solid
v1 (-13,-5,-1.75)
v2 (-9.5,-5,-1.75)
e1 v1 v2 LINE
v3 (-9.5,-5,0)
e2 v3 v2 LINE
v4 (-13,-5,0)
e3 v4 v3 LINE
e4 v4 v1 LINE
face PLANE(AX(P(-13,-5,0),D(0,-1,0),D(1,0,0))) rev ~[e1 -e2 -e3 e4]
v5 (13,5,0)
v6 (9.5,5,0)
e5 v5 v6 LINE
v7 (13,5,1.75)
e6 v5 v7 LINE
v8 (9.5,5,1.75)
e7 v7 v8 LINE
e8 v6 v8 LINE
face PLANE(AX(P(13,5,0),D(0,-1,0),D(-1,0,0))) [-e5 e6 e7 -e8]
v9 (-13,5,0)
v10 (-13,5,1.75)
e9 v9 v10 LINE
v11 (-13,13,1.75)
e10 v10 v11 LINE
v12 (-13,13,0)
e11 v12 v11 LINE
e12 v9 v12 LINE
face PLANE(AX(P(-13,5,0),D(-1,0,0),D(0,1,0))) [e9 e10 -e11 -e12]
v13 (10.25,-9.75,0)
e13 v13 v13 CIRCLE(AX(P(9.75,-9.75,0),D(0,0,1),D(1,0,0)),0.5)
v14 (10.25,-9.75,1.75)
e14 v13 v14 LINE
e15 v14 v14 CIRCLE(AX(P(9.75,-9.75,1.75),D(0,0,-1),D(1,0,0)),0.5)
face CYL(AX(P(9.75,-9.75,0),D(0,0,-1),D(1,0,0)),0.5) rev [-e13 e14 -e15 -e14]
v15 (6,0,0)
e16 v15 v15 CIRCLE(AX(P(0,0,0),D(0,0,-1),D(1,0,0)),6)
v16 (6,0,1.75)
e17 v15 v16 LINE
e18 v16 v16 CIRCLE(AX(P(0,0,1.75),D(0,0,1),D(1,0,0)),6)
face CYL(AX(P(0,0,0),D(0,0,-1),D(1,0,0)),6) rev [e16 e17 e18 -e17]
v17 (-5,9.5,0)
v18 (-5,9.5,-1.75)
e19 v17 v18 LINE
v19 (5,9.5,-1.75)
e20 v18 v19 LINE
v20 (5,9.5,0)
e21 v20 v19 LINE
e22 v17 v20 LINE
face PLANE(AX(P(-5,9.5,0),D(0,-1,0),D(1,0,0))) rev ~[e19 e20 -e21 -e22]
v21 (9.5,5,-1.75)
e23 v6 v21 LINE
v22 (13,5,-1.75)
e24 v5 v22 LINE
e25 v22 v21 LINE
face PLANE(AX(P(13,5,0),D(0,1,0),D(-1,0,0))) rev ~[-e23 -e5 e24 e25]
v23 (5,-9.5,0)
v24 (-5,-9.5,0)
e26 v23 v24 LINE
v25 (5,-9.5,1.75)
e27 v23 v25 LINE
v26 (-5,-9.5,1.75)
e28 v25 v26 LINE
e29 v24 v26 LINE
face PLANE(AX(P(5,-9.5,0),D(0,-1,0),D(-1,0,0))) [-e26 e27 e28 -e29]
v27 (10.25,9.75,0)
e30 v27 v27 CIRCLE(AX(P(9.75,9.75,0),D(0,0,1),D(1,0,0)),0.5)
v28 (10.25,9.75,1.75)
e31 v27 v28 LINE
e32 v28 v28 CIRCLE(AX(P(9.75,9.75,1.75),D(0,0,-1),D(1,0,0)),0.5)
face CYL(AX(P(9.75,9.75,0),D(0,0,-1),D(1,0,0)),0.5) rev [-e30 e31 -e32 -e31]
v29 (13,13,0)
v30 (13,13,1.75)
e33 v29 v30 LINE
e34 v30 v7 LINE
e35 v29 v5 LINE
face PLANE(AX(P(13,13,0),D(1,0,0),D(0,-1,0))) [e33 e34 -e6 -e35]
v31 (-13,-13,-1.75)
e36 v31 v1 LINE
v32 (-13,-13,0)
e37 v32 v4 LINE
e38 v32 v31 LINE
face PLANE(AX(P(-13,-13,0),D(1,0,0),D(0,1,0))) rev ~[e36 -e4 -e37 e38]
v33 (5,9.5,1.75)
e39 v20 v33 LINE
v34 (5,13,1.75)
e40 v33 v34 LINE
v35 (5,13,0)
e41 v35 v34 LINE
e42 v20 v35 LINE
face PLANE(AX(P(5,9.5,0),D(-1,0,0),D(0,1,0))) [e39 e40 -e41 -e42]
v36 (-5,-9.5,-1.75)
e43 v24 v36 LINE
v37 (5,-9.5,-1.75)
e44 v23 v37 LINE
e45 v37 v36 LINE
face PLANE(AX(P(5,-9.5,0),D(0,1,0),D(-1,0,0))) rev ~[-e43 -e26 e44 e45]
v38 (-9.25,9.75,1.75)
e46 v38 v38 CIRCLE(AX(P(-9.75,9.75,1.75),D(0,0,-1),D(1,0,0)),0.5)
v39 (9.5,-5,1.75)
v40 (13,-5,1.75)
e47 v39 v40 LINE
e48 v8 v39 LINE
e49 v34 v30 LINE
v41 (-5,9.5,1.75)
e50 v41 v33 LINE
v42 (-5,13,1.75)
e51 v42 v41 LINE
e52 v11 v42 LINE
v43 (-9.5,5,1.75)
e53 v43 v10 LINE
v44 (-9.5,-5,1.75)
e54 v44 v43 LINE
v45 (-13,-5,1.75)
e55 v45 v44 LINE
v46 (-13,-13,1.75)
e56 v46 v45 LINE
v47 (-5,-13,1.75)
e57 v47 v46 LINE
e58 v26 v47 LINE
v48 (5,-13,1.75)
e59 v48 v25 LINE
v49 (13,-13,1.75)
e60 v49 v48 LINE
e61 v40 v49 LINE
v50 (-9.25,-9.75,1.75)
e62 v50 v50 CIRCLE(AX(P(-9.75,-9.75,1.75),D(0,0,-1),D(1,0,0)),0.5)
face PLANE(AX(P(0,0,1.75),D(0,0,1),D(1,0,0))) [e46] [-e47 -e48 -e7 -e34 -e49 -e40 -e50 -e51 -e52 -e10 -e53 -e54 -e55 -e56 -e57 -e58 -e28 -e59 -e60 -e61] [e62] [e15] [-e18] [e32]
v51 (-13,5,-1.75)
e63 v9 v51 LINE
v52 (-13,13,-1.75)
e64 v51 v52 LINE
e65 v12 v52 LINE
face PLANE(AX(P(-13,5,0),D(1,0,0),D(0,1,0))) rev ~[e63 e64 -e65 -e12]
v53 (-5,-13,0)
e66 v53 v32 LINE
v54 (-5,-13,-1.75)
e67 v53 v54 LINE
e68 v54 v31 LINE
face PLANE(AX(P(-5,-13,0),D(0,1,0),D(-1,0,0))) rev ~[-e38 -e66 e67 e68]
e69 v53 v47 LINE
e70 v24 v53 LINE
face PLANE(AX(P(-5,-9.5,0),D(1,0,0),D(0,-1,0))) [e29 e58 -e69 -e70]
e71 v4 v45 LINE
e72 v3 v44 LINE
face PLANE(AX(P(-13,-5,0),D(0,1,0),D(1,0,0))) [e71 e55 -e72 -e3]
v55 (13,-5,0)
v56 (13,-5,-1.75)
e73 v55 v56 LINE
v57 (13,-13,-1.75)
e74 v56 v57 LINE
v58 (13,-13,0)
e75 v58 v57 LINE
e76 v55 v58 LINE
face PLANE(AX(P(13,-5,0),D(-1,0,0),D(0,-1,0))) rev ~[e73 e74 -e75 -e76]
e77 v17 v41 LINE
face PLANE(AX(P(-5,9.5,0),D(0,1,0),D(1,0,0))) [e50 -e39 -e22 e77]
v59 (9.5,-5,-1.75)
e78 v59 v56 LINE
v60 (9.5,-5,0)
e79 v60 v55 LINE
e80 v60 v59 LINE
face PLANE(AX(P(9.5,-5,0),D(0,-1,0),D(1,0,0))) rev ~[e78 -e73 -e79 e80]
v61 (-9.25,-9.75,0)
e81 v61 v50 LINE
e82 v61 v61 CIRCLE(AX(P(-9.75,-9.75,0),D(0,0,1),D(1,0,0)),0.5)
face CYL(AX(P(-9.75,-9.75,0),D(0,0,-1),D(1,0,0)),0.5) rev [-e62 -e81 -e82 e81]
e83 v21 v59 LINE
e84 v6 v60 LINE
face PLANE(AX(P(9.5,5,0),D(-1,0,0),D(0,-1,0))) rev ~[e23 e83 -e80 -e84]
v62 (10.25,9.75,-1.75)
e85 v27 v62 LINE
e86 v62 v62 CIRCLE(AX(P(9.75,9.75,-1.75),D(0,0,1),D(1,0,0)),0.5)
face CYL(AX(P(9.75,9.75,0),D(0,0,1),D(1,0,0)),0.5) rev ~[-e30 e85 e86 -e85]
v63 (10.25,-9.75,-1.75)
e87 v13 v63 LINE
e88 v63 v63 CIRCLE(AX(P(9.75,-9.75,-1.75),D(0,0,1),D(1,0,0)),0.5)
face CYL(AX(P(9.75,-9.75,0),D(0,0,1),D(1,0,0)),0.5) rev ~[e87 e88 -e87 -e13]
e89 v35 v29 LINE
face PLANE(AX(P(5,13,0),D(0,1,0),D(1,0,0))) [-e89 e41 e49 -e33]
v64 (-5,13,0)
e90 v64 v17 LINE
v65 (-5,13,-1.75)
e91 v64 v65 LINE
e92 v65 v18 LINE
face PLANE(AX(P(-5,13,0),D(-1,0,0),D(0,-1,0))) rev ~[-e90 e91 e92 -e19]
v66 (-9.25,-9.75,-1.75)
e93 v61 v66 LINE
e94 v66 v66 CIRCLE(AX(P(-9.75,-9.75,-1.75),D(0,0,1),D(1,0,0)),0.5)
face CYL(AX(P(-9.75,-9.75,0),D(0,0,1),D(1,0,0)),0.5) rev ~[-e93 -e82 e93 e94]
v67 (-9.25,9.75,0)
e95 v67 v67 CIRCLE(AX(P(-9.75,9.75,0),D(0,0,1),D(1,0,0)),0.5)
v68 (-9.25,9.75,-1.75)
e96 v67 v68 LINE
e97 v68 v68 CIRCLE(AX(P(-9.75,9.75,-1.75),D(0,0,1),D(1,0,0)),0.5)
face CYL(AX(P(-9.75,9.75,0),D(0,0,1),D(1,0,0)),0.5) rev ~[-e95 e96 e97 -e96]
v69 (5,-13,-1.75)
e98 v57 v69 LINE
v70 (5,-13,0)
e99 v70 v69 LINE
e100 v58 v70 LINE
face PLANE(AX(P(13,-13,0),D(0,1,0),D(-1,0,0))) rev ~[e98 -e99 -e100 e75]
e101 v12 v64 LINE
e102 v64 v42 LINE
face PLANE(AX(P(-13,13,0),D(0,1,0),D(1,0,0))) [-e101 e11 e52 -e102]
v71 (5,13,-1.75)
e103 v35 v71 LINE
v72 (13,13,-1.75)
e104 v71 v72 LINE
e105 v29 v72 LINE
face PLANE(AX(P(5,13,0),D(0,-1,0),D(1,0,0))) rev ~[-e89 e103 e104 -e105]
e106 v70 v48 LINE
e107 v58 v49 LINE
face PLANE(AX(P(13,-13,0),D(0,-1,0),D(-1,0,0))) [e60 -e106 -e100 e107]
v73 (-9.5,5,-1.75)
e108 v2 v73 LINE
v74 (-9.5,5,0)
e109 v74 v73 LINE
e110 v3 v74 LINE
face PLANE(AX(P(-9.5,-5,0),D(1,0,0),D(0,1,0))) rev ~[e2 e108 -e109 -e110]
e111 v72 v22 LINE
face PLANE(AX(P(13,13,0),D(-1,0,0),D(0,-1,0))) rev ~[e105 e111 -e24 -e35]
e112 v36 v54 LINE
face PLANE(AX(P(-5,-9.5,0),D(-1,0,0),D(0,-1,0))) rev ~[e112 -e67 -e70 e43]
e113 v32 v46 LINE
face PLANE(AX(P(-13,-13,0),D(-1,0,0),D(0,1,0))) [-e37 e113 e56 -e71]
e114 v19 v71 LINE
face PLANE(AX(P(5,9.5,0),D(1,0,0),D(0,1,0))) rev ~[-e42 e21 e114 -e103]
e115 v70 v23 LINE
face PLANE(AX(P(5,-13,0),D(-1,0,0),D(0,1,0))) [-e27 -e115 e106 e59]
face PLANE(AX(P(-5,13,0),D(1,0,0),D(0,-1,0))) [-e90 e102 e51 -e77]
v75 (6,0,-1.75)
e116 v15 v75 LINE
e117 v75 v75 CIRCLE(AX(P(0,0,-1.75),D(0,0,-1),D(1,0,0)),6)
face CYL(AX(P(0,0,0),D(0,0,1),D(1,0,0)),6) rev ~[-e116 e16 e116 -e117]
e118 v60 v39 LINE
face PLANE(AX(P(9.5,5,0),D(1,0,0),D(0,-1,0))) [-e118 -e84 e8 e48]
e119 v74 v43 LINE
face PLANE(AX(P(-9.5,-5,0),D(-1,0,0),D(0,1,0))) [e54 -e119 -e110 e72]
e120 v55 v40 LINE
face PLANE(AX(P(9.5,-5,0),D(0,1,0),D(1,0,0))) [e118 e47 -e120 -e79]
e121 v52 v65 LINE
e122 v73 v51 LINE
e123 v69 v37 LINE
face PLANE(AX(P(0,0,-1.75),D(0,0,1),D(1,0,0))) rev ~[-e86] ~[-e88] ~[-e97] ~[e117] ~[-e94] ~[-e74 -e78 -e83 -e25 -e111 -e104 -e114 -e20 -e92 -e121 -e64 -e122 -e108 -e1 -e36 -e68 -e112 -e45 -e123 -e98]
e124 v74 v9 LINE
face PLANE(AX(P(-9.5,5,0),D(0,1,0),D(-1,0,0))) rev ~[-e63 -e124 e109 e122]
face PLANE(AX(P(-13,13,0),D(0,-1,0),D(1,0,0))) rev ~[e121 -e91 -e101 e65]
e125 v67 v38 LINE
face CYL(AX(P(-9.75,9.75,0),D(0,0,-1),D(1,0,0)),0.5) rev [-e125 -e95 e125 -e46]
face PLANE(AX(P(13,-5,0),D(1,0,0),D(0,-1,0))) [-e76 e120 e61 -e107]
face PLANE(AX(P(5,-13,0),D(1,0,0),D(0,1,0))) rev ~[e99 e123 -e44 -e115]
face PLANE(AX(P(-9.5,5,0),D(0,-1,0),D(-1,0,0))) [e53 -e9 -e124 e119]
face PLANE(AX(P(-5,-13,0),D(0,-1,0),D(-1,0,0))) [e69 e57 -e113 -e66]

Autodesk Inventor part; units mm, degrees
ref_plane "YZ Plane" through (0, 0, 0) normal (1, 0, 0) x (0, 1, 0)
ref_plane "XZ Plane" through (0, 0, 0) normal (0, 1, 0) x (-1, 0, 0)
ref_plane "XY Plane" through (0, 0, 0) normal (0, 0, 1) x (1, 0, 0)
sketch "Sketch1" plane through (0, 0, 0) normal (0, 0, 1) x (1, 0, 0)
  circle A0 centre (0, 0) radius 6
  line L0 (-13, 13) -> (13, 13)
  line L1 (13, 13) -> (13, -13)
  line L2 (13, -13) -> (-13, -13)
  line L3 (-13, -13) -> (-13, 13)
  line L4 (0, 0) -> (13, 13)
  line L5 (6.5, 6.5) -> (13, 13)
  circle A1 centre (9.75, 9.75) radius 0.5
  line L6 (0, 0) -> (-13, 13)
  line L7 (-6.5, 6.5) -> (-13, 13)
  circle A2 centre (-9.75, 9.75) radius 0.5
  line L8 (0, 0) -> (-13, -13)
  line L9 (-6.5, -6.5) -> (-13, -13)
  circle A3 centre (-9.75, -9.75) radius 0.5
  line L10 (0, 0) -> (13, -13)
  line L11 (6.5, -6.5) -> (13, -13)
  circle A4 centre (9.75, -9.75) radius 0.5
  line L12 (-5, -13) -> (5, -13)
  line L13 (5, -13) -> (5, -9.5)
  line L14 (5, -9.5) -> (-5, -9.5)
  line L15 (-5, -9.5) -> (-5, -13)
  line L16 (13, 5) -> (9.5, 5)
  line L17 (9.5, 5) -> (9.5, -5)
  line L18 (9.5, -5) -> (13, -5)
  line L19 (-5, 13) -> (-5, 9.5)
  line L20 (-5, 9.5) -> (5, 9.5)
  line L21 (5, 9.5) -> (5, 13)
  line L22 (-13, -5) -> (-9.5, -5)
  line L23 (-9.5, -5) -> (-9.5, 5)
  line L24 (-9.5, 5) -> (-13, 5)
  point P0 (0, 13)
  point P1 (13, 0)
  point P2 (0, -9.5)
  point P3 (0, -13)
  point P4 (9.5, 0)
  point P5 (0, 9.5)
  point P6 (-9.5, 0)
  dimension "d0" = 12
  dimension "d1" = 26
  dimension "d2" = 26
  dimension "d3" = 1
  dimension "d6" = 360
  dimension "d10" = 10
  dimension "d11" = 3.5
  dimension "d14" = 360
extrude "Extrusion1" add sketch "Sketch1" along normal mid plane 3.5 contours A0 L4 A1 L1 L16 L17 L18 L10 A4 | A0 L6 A2 L0 L19 L20 L21 L4 A1 | L10 A4 L2 L13 L14 L15 L8 A3 A0 | A0 L8 A3 L3 L22 L23 L24 L6 A2
equation "\"d2\" = d1"
properties part number "Spodnji del - Drzalo za pismo"
